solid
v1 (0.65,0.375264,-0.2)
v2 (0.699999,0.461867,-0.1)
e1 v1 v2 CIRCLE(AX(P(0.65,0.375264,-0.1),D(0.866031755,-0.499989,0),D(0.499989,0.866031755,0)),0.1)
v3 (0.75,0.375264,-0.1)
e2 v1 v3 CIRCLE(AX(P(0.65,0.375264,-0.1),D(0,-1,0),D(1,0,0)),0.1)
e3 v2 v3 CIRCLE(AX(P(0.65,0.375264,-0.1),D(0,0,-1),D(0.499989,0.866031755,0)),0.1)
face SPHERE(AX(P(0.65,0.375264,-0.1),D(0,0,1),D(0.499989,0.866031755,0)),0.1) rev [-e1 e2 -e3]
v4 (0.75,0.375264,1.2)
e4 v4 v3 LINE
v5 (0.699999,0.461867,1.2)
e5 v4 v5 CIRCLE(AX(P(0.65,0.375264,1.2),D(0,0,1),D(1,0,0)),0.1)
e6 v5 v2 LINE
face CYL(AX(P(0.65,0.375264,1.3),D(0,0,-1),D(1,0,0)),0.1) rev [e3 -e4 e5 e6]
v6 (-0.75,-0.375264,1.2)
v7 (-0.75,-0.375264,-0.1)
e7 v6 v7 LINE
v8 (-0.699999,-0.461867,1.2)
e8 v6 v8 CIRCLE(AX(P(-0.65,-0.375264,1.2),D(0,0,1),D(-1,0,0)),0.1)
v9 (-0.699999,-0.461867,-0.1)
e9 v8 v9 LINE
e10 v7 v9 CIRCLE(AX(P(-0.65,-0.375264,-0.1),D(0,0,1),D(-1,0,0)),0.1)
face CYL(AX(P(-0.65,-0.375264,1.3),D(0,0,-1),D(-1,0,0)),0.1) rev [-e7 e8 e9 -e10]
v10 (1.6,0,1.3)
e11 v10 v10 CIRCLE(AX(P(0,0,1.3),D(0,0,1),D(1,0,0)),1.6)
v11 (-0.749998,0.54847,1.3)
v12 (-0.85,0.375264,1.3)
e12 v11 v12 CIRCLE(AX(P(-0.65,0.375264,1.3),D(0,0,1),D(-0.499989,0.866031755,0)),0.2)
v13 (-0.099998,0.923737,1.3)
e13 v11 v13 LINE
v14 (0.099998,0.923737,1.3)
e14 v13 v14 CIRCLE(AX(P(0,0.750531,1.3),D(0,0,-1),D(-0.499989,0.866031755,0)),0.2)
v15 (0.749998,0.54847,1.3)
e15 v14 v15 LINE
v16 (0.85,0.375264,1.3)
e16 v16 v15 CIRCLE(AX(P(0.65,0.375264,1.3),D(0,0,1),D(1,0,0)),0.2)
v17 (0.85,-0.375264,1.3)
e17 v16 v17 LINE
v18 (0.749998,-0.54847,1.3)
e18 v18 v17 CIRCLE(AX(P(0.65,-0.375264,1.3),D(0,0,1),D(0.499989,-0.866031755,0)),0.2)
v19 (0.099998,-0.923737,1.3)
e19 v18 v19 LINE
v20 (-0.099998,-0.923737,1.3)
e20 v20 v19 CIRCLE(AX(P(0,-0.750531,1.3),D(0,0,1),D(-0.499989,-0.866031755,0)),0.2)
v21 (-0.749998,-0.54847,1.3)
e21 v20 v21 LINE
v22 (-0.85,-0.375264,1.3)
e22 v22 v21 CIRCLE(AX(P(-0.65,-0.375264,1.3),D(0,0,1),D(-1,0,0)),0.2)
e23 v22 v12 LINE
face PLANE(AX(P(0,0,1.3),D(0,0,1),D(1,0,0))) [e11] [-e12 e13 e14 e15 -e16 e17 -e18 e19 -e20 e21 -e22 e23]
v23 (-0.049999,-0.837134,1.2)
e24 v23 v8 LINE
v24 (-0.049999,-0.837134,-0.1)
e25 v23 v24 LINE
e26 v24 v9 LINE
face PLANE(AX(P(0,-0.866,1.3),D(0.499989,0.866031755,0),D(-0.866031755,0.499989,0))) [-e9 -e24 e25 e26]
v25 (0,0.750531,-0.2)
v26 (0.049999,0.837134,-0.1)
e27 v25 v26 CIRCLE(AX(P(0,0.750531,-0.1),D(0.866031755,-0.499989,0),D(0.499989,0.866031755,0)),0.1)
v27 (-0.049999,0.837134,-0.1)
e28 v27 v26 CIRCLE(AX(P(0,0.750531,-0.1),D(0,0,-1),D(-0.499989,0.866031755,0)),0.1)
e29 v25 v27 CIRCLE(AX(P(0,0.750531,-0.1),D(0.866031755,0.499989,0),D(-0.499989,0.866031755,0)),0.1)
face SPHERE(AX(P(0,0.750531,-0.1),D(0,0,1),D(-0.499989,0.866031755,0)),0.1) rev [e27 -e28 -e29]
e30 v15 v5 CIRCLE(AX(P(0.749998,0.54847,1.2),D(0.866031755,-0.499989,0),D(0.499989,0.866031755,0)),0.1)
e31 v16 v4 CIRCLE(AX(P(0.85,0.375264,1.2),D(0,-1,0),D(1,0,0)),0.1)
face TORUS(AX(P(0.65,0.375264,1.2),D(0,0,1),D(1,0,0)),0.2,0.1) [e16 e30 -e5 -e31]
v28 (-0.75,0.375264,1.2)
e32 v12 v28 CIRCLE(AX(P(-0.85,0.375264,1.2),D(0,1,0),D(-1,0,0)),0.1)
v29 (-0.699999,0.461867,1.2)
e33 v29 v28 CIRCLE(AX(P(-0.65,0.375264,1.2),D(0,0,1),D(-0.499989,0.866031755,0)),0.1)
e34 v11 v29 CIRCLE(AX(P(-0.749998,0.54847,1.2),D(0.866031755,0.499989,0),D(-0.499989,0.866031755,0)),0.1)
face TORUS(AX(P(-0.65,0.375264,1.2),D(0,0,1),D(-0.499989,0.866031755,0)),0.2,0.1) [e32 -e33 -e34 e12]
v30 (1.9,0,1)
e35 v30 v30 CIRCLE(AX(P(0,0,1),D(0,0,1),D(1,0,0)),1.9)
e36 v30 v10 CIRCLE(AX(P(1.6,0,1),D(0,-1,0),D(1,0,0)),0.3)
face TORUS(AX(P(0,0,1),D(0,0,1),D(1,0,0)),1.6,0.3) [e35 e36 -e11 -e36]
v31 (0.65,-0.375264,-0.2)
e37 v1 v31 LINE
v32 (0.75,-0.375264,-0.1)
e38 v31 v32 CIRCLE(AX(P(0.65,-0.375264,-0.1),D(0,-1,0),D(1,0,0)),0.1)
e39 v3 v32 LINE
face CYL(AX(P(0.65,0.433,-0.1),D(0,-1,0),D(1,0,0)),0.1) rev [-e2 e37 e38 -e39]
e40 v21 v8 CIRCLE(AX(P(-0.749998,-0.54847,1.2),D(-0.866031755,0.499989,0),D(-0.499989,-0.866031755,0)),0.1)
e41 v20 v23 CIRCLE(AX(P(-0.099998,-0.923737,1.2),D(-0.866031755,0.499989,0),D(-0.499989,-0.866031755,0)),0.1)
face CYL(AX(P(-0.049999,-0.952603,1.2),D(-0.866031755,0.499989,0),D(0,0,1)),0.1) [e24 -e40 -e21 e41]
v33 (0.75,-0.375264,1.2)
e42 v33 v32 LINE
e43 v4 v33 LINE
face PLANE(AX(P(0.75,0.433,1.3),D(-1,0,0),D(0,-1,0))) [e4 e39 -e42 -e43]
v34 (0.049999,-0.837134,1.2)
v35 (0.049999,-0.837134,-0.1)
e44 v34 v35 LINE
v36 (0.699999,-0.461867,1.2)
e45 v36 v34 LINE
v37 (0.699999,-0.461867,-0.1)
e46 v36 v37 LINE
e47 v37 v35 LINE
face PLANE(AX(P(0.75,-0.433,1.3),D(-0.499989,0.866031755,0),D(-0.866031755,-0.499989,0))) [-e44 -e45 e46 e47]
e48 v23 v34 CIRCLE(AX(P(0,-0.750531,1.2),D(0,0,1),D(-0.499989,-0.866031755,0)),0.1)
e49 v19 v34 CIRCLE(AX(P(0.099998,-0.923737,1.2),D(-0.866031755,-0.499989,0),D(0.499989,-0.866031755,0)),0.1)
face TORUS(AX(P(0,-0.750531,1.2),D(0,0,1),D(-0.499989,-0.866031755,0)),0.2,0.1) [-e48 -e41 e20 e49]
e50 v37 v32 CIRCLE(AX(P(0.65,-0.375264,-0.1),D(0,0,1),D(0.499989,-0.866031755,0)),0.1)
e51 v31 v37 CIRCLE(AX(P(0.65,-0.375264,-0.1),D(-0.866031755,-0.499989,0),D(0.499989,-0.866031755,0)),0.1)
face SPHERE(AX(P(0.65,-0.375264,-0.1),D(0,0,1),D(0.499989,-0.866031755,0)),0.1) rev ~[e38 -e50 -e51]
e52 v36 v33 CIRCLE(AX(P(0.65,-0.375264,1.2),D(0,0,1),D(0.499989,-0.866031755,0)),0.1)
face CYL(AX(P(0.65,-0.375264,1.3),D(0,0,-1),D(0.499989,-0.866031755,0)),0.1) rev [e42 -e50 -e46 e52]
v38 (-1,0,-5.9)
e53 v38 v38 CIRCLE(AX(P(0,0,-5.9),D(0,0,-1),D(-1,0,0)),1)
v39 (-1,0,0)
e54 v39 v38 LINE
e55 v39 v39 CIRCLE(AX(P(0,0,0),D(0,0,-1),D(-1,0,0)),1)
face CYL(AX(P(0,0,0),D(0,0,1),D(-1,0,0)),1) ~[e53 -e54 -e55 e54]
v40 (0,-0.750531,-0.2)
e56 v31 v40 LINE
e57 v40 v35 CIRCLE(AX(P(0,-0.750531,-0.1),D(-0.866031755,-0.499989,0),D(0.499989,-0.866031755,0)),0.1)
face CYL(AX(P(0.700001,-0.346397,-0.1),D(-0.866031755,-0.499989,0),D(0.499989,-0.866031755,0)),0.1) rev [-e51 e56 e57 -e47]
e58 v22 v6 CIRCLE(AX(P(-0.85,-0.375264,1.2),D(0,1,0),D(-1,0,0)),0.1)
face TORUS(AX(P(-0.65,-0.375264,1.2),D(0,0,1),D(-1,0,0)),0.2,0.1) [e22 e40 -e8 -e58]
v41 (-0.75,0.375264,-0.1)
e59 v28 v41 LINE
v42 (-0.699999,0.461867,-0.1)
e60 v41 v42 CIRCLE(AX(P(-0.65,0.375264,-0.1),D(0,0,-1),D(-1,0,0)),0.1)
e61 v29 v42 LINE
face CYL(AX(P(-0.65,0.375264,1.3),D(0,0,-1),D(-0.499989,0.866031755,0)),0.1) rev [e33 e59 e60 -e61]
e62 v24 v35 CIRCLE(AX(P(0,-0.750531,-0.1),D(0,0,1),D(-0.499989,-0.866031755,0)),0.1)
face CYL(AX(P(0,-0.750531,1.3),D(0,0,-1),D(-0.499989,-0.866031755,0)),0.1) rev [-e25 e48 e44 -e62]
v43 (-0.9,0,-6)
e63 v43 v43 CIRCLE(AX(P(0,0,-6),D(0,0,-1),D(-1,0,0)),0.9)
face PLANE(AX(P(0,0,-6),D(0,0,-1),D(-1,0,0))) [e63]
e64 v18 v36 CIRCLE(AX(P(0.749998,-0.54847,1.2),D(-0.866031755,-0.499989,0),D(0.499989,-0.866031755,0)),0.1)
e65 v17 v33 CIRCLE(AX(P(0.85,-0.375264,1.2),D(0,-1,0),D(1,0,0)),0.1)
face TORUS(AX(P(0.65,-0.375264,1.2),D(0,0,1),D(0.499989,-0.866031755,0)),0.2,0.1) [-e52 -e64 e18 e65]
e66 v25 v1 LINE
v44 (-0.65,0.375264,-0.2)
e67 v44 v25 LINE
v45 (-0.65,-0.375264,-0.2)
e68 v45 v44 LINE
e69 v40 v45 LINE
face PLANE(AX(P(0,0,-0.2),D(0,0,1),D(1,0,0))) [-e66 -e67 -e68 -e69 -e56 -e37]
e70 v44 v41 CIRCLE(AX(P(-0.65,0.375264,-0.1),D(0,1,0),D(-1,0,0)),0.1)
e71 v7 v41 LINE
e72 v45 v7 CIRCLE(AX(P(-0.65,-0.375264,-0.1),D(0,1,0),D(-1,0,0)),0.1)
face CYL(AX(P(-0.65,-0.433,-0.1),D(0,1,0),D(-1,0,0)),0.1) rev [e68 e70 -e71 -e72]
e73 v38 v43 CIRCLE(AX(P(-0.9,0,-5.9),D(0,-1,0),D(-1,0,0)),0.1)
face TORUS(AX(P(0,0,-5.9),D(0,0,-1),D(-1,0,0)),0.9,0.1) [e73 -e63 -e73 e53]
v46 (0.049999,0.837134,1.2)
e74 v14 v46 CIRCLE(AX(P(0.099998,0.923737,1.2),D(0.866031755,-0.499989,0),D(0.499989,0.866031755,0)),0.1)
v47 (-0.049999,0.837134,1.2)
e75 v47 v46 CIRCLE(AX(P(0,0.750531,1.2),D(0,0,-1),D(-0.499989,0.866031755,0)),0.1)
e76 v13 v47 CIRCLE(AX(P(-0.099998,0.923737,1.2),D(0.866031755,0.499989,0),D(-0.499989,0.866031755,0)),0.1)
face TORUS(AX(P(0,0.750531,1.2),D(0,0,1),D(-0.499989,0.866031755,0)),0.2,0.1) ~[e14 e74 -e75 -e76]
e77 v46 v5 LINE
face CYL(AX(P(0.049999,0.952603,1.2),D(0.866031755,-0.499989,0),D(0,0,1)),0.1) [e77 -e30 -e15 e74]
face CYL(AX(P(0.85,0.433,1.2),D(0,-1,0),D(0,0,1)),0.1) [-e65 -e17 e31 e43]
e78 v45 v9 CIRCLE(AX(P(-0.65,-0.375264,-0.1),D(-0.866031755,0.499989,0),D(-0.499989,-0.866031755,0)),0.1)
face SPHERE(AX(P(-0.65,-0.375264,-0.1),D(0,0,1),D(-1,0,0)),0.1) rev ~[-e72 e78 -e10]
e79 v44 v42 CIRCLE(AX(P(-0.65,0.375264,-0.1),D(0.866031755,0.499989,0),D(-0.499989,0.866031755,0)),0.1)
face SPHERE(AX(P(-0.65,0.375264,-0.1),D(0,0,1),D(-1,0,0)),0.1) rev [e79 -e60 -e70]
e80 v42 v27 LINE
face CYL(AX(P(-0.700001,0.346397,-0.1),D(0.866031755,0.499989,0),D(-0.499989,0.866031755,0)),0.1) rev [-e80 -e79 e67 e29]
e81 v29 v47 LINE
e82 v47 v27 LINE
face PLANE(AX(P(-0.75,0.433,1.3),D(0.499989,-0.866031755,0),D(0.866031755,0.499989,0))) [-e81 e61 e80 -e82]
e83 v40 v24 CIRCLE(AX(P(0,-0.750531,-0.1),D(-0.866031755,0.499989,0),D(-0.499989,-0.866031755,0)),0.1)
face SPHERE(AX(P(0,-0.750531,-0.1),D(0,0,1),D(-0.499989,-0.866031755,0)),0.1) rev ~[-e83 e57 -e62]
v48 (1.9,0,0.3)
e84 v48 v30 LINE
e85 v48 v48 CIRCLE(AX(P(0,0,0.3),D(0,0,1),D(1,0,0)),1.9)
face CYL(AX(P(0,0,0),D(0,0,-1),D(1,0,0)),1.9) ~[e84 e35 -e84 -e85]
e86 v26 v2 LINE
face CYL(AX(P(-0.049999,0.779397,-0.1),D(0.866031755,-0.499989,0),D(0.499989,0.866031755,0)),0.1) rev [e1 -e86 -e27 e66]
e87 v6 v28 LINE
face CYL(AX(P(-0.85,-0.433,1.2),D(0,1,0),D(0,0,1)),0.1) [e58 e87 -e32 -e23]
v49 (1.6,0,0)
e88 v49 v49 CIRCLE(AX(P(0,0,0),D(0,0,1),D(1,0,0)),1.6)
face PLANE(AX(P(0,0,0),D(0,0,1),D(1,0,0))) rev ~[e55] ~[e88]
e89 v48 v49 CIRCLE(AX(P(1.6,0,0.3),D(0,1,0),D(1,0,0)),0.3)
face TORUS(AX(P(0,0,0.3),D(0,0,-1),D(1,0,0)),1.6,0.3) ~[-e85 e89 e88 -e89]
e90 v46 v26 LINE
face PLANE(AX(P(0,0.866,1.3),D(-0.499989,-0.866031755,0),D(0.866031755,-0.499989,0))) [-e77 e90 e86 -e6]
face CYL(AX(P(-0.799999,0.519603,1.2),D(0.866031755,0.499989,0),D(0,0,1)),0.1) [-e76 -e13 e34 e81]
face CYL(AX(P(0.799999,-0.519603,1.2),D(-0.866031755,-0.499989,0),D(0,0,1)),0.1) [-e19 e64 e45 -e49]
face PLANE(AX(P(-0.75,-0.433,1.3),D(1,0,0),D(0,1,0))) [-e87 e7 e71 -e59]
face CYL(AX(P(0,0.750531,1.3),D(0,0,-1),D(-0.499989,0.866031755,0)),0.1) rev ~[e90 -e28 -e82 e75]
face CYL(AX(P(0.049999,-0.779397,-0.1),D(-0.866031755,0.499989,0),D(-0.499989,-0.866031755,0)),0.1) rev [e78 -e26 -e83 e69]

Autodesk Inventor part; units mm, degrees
ref_plane "YZ Plane" through (0, 0, 0) normal (1, 0, 0) x (0, 1, 0)
ref_plane "XZ Plane" through (0, 0, 0) normal (0, 1, 0) x (-1, 0, 0)
ref_plane "XY Plane" through (0, 0, 0) normal (0, 0, 1) x (1, 0, 0)
sketch "スケッチ1" plane through (0, 0, 0) normal (0, 0, 1) x (1, 0, 0)
  circle A0 centre (0, 0) radius 1.9
  dimension "d0" = 3.8
extrude "押し出し1" add sketch "スケッチ1" along normal blind 1.3
sketch "スケッチ2" plane through (0, 0, 0) normal (0, 0, -1) x (-1, 0, 0)
  circle A0 centre (0, 0) radius 1.9 projected
  circle A1 centre (0, 0) radius 1
  dimension "d3" = 2
extrude "押し出し2" add sketch "スケッチ2" along normal blind 6 contours A1
sketch "スケッチ3" plane through (0, 0, 1.3) normal (0, 0, 1) x (1, 0, 0)
  circle A0 centre (0, 0) radius 1.9 projected
  line L0 (0, 0.866) -> (0.75, 0.433)
  line L1 (0.75, 0.433) -> (0.75, -0.433)
  line L2 (0.75, -0.433) -> (0, -0.866)
  line L3 (0, -0.866) -> (-0.75, -0.433)
  line L4 (-0.75, -0.433) -> (-0.75, 0.433)
  line L5 (-0.75, 0.433) -> (0, 0.866)
  dimension "d6" = 0.75
extrude "押し出し3" cut sketch "スケッチ3" against normal blind 1.5 contours L0 L1 L2 L3 L4 L5
fillet "フィレット1" radius 0.3 2 edges at (-1.9, 0, 1.3) (-1.9, 0, 0)
fillet "フィレット2" radius 0.1 19 edges at (-0.375, 0.6495, 1.3) (-0.75, 0, 1.3) (-0.375, -0.6495, 1.3) (0.375, -0.6495, 1.3) (0.75, 0, 1.3) (0.375, 0.6495, 1.3) (-0.375, 0.6495, -0.2) (0.375, 0.6495, -0.2) (0, 0.866, 0.55) (-0.75, 0.433, 0.55) (-0.375, -0.6495, -0.2) (-0.75, -0.433, 0.55) (-0.75, 0, -0.2) (0.75, 0, -0.2) (0.75, 0.433, 0.55) (0.75, -0.433, 0.55) (0.375, -0.6495, -0.2) (0, -0.866, 0.55) (1, 0, -6)
thread "ねじ3" size "M2x0.4" class "6g" standard "ANSI Metric M Profile" full length
